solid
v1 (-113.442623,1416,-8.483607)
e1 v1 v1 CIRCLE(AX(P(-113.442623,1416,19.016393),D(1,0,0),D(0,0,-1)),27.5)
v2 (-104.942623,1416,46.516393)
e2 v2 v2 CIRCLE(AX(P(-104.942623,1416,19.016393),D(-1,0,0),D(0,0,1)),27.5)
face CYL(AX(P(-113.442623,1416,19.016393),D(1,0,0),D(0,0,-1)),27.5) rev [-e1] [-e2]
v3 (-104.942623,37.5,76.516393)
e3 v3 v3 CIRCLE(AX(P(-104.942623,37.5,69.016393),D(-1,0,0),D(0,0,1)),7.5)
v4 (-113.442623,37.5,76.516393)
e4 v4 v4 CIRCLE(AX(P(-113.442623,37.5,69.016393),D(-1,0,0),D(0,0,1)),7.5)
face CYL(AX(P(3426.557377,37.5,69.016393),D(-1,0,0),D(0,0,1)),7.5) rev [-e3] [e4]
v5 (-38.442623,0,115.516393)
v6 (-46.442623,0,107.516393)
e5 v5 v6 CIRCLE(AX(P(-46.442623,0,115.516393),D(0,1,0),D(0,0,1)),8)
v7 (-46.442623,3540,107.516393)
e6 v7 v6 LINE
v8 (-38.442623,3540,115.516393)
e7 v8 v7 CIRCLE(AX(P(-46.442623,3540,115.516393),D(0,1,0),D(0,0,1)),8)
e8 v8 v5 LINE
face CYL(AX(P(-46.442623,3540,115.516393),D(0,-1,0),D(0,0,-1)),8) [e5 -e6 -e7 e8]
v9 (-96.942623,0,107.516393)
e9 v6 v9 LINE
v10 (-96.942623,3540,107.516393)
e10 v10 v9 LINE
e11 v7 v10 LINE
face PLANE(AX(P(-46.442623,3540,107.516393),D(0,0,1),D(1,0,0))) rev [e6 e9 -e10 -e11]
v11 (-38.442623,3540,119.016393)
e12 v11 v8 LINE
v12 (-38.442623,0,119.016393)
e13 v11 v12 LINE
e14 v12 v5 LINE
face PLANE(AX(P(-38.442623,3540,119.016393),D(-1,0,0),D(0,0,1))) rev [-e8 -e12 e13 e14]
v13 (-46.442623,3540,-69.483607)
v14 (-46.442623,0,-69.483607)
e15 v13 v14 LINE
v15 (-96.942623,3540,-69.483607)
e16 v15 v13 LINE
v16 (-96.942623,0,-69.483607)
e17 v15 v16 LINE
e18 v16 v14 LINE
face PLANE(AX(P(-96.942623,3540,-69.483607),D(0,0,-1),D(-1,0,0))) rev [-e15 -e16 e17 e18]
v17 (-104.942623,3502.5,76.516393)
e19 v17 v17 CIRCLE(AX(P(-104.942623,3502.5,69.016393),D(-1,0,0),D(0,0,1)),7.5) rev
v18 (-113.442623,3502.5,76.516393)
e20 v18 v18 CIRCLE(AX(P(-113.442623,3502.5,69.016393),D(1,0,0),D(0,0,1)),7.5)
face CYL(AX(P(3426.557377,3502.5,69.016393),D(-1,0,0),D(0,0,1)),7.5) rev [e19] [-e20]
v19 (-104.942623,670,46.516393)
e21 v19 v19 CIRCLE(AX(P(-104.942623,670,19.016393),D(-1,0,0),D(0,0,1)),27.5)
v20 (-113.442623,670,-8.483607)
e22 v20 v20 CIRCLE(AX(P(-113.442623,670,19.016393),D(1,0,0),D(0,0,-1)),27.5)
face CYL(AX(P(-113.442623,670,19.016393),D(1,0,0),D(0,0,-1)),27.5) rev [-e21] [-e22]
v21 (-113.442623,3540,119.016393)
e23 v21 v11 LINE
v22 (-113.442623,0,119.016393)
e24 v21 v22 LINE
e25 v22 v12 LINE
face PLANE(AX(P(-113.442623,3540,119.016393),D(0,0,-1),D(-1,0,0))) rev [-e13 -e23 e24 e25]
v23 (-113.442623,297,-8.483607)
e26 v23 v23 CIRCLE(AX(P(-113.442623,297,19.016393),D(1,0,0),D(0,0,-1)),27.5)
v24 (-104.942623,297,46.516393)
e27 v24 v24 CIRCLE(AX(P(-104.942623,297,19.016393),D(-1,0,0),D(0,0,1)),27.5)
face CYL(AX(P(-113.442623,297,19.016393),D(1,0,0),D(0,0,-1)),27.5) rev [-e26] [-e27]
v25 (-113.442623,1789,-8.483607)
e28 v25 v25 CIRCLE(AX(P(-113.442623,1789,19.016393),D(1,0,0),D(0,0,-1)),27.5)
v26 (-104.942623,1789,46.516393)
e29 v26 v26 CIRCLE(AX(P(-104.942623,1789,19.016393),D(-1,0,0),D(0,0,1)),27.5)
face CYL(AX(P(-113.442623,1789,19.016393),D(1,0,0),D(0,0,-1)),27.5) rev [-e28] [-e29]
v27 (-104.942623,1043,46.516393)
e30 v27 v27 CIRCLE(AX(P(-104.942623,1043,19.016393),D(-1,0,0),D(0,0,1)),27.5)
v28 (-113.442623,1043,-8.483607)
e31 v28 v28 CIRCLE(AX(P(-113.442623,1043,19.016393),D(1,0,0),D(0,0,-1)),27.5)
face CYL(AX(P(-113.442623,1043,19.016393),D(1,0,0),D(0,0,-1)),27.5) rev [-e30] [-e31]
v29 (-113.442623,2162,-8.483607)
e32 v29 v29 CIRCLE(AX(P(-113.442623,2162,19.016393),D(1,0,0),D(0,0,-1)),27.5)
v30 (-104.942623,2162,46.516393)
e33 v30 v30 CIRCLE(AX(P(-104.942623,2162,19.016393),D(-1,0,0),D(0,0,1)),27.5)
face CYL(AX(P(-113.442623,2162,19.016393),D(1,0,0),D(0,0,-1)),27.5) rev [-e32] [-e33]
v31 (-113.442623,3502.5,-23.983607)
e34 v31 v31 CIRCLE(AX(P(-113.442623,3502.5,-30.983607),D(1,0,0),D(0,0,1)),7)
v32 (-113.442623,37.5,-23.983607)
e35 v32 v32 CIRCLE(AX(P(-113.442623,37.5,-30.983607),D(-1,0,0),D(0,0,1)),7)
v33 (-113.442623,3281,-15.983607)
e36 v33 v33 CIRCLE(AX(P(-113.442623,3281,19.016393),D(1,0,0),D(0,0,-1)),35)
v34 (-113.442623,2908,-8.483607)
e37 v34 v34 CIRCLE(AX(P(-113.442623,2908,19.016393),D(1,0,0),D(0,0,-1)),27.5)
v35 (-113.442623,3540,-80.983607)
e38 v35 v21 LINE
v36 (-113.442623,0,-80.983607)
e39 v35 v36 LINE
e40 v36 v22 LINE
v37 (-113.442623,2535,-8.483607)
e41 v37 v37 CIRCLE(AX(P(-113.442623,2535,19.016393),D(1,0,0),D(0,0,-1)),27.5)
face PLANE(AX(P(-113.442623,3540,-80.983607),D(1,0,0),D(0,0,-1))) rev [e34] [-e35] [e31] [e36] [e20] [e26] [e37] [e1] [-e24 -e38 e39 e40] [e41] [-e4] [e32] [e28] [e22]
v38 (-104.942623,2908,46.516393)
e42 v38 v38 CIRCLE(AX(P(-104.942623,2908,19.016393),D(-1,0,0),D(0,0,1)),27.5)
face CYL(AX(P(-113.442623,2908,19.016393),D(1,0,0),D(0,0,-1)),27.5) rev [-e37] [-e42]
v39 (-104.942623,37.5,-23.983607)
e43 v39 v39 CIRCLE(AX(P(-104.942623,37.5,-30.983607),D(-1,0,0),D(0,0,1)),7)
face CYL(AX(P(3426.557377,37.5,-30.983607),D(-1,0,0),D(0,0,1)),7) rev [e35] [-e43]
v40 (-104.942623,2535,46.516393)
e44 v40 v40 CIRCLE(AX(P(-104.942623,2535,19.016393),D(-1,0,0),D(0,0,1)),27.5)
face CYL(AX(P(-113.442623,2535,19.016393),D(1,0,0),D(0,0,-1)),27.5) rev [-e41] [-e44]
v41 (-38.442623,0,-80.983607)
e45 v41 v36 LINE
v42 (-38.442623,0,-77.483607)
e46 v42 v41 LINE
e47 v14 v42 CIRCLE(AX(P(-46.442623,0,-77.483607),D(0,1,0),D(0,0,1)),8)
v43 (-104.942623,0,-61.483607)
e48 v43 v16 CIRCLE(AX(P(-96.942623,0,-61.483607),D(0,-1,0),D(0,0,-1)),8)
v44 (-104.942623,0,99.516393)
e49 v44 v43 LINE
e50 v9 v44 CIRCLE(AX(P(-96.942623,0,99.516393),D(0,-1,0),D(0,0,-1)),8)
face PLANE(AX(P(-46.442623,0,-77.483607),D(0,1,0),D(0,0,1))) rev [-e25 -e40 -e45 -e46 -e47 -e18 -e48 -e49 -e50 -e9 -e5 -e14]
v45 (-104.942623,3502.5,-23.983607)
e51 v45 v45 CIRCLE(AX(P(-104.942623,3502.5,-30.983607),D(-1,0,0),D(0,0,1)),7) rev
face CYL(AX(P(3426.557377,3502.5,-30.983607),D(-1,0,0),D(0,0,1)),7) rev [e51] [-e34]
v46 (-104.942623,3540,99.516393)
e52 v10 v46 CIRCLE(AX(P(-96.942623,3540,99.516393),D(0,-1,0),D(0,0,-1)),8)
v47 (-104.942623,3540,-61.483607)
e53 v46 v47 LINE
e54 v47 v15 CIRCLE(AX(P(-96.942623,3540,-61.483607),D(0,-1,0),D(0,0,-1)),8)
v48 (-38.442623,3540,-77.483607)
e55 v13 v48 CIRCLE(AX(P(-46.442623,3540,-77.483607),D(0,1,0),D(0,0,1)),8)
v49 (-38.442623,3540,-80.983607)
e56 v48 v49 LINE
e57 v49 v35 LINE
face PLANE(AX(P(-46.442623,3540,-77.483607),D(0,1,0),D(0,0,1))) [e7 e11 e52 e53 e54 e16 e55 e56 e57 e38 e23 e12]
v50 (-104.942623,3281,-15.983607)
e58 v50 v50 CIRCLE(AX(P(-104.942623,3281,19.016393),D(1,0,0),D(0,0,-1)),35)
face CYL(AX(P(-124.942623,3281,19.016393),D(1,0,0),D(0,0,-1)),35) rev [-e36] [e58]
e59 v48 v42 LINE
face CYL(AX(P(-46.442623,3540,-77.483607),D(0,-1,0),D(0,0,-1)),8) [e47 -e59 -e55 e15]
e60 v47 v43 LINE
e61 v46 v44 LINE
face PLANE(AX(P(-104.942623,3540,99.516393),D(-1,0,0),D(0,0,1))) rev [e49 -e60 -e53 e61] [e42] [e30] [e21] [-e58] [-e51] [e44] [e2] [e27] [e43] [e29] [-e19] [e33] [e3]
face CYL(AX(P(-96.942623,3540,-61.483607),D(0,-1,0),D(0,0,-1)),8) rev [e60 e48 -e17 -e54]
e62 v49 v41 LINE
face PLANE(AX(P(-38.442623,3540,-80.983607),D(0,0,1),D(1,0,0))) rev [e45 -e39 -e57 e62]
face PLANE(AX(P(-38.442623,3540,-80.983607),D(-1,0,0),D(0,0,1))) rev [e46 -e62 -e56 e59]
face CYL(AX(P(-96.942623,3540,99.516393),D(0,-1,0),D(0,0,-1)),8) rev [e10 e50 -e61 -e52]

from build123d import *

# Parameters (mm, degrees)
BOSS_EXTRUDE1_DEPTH = 3540
SKETCH3_R           = 7
SKETCH3_R_2         = 7.5
CUT_EXTRUDE2_DEPTH  = 3540
SKETCH4_R           = 27.5
CUT_EXTRUDE3_DEPTH  = 3543.624331186
LPATTERN2_COUNT     = 9
LPATTERN2_PITCH     = 373
SKETCH6_R           = 35
CUT_EXTRUDE5_DEPTH  = 20


with BuildPart() as part:
    # Sketch1 → Boss-Extrude1 (new body)
    with BuildSketch(Plane(origin=(0, 0, 0), x_dir=(1, 0, 0), z_dir=(0, 1, 0))):
        with BuildLine():
            Line((-38.442622951, 80.983606557), (-113.442622951, 80.983606557))
            Line((-113.442622951, 80.983606557), (-113.442622951, -119.016393443))
            Line((-113.442622951, -119.016393443), (-38.442622951, -119.016393443))
            Line((-38.442622951, -119.016393443), (-38.442622951, -115.516393443))
            ThreePointArc((-38.442622951, -115.516393443), (-40.785768701, -109.859539193), (-46.442622951, -107.516393443))
            Line((-46.442622951, -107.516393443), (-96.942622951, -107.516393443))
            ThreePointArc((-96.942622951, -107.516393443), (-102.5994772, -105.173247692), (-104.942622951, -99.516393443))
            Line((-104.942622951, -99.516393443), (-104.942622951, 61.483606557))
            ThreePointArc((-104.942622951, 61.483606557), (-102.5994772, 67.140460807), (-96.942622951, 69.483606557))
            Line((-96.942622951, 69.483606557), (-46.442622951, 69.483606557))
            ThreePointArc((-46.442622951, 69.483606557), (-40.785768701, 71.826752308), (-38.442622951, 77.483606557))
            Line((-38.442622951, 77.483606557), (-38.442622951, 80.983606557))
        make_face()
    extrude(amount=BOSS_EXTRUDE1_DEPTH)

    # Sketch3 → Cut-Extrude2 (cut)
    with BuildSketch(Plane.ZY.offset(113.442622951)):
        with Locations((-30.983606557, 37.5)):
            Circle(SKETCH3_R)
        with Locations((69.016393443, 37.5)):
            Circle(SKETCH3_R_2)
    cut_extrude2 = extrude(amount=-CUT_EXTRUDE2_DEPTH, mode=Mode.SUBTRACT)

    # Mirror1: Cut-Extrude2 across plane
    add(cut_extrude2.mirror(Plane(origin=(0, 1770, 0), x_dir=(0, 0, 1), z_dir=(0, -1, 0))), mode=Mode.SUBTRACT)

    # Sketch4 → Cut-Extrude3 (cut, symmetric)
    with BuildSketch(Plane(origin=(-104.942622951, 0, 0), x_dir=(0, 0, -1), z_dir=(1, 0, 0))):
        with Locations((-19.016393443, 297)):
            Circle(SKETCH4_R)
    cut_extrude3 = extrude(amount=CUT_EXTRUDE3_DEPTH, both=True, mode=Mode.SUBTRACT)

    # LPattern2: Cut-Extrude3 ×9
    with Locations(*[(0, i * LPATTERN2_PITCH, 0) for i in range(1, LPATTERN2_COUNT)]):
        add(cut_extrude3, mode=Mode.SUBTRACT)

    # Sketch6 → Cut-Extrude5 (cut)
    with BuildSketch(Plane(origin=(-104.942622951, 0, 0), x_dir=(0, 0, -1), z_dir=(1, 0, 0))):
        with Locations((-19.016393443, 3281)):
            Circle(SKETCH6_R)
    extrude(amount=-CUT_EXTRUDE5_DEPTH, mode=Mode.SUBTRACT)


solid = part.part
